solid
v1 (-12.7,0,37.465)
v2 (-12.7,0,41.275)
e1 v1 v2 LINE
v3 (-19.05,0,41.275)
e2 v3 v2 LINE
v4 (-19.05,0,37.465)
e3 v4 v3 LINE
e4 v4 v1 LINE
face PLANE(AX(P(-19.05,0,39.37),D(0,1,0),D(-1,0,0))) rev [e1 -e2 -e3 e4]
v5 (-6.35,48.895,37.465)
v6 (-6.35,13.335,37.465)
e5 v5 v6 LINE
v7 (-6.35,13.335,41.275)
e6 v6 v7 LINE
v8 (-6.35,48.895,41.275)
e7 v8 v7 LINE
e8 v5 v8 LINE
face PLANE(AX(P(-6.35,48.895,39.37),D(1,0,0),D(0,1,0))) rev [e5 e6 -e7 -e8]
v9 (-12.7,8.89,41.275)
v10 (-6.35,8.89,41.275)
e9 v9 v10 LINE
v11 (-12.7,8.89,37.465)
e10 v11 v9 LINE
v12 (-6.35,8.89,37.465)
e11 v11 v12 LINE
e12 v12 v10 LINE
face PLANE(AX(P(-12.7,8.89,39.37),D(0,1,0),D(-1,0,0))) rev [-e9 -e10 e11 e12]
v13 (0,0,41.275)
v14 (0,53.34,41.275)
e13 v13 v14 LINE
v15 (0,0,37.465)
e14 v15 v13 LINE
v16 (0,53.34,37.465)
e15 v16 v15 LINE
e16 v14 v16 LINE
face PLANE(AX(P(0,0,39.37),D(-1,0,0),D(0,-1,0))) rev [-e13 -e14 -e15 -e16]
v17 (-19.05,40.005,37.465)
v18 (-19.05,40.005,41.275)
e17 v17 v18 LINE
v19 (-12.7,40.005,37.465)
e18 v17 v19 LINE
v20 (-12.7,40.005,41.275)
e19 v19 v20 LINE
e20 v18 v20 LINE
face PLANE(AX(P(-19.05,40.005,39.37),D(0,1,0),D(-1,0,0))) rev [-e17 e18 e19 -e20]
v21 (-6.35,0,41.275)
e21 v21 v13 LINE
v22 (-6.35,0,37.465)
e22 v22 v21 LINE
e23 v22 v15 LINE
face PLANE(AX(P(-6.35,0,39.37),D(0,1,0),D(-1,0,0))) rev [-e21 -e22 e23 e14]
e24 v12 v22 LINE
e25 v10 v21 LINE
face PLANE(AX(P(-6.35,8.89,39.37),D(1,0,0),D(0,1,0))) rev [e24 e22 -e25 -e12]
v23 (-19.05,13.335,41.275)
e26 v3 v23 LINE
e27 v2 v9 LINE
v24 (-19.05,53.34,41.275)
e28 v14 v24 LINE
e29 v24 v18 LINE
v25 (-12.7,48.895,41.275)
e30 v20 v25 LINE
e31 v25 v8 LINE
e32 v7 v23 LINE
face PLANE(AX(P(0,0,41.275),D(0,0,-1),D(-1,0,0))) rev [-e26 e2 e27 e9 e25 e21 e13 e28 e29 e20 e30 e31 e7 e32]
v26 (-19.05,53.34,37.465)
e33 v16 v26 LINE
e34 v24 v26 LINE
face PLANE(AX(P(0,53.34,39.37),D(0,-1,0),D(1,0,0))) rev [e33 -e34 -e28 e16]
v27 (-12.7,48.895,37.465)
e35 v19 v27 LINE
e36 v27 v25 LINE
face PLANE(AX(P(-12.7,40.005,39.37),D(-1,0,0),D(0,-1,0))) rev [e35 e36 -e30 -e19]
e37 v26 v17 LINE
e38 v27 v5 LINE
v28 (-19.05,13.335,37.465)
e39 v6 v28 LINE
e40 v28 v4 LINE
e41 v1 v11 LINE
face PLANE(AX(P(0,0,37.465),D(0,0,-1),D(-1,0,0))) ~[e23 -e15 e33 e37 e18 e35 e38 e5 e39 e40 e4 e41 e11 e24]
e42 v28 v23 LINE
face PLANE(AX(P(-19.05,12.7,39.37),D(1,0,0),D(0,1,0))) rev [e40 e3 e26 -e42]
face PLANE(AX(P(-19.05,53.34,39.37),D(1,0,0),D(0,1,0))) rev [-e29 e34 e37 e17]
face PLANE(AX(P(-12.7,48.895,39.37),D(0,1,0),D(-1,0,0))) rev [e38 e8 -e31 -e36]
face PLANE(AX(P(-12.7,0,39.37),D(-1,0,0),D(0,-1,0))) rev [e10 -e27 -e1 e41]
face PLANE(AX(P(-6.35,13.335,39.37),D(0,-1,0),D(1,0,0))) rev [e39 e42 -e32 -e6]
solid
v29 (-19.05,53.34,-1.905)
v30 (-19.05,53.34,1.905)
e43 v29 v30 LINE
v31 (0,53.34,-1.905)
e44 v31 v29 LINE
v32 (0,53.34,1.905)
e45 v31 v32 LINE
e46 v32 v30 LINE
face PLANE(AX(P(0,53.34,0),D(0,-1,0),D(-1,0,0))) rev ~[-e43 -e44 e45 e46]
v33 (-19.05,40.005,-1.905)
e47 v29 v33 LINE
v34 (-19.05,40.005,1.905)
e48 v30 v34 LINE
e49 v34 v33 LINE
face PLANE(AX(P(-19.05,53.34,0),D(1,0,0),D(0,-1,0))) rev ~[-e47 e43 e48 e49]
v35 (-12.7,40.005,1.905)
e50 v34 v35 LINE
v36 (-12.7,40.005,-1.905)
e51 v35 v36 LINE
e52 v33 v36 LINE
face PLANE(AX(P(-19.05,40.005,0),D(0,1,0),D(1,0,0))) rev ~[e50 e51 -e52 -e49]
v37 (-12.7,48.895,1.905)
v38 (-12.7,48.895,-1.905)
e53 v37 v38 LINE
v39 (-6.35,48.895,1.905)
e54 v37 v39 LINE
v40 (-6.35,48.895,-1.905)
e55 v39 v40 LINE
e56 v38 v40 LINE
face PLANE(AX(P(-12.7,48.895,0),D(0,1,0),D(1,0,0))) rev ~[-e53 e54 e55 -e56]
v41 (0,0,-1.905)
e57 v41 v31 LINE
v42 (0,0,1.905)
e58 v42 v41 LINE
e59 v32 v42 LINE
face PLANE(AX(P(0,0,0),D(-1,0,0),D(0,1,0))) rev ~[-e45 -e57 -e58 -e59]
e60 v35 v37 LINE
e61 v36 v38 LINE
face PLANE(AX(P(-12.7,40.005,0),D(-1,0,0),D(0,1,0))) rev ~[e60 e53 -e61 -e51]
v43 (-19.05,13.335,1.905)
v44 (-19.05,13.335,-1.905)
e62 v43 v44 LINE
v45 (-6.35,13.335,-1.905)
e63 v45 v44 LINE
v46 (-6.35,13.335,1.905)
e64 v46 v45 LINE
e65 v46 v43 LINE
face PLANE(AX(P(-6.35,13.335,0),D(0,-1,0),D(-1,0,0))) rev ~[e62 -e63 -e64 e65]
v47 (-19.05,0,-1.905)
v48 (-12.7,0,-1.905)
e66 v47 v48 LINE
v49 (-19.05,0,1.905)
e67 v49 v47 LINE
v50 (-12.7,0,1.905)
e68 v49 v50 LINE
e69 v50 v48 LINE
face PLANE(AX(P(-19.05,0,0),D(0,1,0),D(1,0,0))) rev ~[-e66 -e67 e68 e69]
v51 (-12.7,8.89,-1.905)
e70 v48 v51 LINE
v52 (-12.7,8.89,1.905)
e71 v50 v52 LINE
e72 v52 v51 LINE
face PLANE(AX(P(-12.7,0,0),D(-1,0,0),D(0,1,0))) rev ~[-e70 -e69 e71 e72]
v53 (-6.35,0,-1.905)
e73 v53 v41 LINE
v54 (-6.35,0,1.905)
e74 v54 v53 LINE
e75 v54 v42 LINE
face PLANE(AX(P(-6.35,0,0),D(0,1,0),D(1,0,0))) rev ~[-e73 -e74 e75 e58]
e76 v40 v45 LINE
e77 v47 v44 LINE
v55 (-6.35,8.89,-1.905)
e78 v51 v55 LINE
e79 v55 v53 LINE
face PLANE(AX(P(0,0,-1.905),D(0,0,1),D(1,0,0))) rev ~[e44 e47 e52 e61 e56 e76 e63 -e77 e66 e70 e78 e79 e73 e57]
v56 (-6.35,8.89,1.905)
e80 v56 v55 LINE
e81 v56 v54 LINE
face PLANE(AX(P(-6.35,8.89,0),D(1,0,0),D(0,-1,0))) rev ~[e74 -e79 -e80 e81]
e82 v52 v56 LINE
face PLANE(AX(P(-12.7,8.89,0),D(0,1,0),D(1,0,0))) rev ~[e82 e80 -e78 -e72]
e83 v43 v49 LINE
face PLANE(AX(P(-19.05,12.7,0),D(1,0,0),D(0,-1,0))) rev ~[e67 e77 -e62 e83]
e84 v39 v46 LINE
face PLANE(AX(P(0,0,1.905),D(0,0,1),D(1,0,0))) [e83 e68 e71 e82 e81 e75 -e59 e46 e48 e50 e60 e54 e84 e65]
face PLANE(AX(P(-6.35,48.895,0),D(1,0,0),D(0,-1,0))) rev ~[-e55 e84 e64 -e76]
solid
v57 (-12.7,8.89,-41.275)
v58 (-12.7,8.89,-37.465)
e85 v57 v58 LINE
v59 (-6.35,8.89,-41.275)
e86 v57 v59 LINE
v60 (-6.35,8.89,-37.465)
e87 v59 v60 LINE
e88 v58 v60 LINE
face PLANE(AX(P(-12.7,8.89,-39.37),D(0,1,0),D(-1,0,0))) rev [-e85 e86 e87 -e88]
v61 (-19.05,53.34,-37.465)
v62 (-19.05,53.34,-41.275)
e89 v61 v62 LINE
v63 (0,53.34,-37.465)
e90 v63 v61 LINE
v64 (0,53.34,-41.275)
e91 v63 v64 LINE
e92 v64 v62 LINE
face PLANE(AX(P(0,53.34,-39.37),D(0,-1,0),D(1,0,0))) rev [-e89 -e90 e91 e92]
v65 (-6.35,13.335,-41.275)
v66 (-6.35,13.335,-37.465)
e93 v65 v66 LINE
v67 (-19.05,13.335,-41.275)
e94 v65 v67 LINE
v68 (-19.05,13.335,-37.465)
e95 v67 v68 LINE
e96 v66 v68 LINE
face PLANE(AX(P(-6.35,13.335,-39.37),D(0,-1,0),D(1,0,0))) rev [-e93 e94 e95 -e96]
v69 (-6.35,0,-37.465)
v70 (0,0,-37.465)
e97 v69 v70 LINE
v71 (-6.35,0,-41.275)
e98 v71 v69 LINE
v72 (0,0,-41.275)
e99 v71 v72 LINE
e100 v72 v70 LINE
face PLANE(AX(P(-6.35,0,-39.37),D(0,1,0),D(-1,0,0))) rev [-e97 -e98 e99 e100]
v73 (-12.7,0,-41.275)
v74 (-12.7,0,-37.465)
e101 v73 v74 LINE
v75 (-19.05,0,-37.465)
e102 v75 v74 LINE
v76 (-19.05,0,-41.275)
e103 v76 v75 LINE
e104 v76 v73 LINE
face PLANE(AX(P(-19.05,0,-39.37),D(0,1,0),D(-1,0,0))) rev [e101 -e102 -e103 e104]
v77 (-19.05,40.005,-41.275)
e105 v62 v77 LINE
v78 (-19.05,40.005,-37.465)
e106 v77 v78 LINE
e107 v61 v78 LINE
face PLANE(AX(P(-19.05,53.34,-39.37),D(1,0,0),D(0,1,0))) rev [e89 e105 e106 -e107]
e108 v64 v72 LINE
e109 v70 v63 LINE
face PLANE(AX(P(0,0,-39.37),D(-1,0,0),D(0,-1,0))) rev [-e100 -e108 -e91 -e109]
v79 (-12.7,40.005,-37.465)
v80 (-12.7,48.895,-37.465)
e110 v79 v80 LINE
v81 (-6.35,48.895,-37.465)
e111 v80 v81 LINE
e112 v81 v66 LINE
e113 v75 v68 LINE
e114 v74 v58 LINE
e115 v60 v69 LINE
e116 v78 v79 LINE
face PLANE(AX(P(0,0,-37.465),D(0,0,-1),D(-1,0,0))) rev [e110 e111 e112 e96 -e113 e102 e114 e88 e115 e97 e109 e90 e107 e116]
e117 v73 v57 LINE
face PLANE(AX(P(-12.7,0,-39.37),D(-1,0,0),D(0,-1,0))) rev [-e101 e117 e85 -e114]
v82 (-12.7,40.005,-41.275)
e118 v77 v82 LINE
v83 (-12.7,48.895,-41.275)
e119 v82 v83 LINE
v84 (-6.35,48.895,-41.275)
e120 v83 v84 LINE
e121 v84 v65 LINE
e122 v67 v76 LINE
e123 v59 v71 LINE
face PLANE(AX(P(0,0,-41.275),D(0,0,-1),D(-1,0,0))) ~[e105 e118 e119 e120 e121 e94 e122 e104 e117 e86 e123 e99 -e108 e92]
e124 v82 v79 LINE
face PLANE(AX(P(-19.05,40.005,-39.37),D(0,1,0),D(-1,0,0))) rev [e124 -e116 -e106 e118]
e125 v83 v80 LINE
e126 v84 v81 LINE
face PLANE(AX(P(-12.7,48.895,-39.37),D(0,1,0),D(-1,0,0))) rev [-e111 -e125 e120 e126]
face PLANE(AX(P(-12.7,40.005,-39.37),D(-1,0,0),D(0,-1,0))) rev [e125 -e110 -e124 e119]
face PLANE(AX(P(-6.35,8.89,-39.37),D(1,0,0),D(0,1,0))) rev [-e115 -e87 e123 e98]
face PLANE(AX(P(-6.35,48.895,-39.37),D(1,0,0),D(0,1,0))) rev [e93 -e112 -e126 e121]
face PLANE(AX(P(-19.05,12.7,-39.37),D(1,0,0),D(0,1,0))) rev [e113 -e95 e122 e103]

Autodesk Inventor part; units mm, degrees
ref_plane "YZ Plane" through (0, 0, 0) normal (1, 0, 0) x (0, 1, 0)
sketch "Sketch1" plane through (0, 0, 0) normal (0, 0, 1) x (1, 0, 0)
  line L0 (0, 6.35) -> (0, 53.34)
  line L1 (0, 53.34) -> (-19.05, 53.34)
  line L2 (-19.05, 53.34) -> (-19.05, 55.245)
  line L3 (-12.7, 48.895) -> (-6.35, 48.895)
  line L4 (-6.35, 48.895) -> (-6.35, 13.335)
  line L5 (-6.35, 13.335) -> (-19.05, 13.335)
  line L6 (-19.05, 13.335) -> (-19.05, 12.7)
  line L7 (-12.7, 8.89) -> (-6.35, 8.89)
  line L8 (-6.35, 8.89) -> (-6.35, 0)
  line L9 (-6.35, 0) -> (0, 0)
  line L10 (-19.05, 55.245) -> (-19.05, 40.005)
  line L11 (-19.05, 40.005) -> (-12.7, 40.005)
  line L12 (-12.7, 40.005) -> (-12.7, 48.895)
  line L13 (-19.05, 12.7) -> (-19.05, 0)
  line L14 (-19.05, 0) -> (-12.7, 0)
  line L15 (-12.7, 0) -> (-12.7, 8.89)
  line L16 (0, 0) -> (0, 6.35)
  point P0 (-19.05, 53.34)
  point P1 (-19.05, 11.43)
  dimension "d1" = 35.56
  dimension "d2" = 4.445
  dimension "d3" = 4.445
  dimension "d4" = 6.35
  dimension "d6" = 6.35
  dimension "d7" = 6.35
  dimension "d13" = 13.335
  dimension "d14" = 13.335
extrude "Extrusion1" add sketch "Sketch1" along normal mid plane 3.81
ref_plane "Work Plane2" through (0, 0, 19.685) normal (0, 0, 1) x (1, 0, 0)
ref_plane "Work Plane3" through (0, 0, -19.685) normal (0, 0, 1) x (1, 0, 0)
mirror "Mirror2" about plane through (0, 0, 19.685) normal (0, 0, 1) of "Extrusion1"
mirror "Mirror3" about plane through (0, 0, -19.685) normal (0, 0, 1) of "Extrusion1"
equation "\"d11\" = width"
equation "\"d16\" = oneHalfSpacing"
equation "\"d17\" = -oneHalfSpacing"
equation "\"width\" = 3.81"
equation "\"spacing\" = 39.37"
equation "\"oneHalfSpacing\" = 0.5 * spacing"
properties part number "threeStartConfigurationV01" material "PET Plastic"
